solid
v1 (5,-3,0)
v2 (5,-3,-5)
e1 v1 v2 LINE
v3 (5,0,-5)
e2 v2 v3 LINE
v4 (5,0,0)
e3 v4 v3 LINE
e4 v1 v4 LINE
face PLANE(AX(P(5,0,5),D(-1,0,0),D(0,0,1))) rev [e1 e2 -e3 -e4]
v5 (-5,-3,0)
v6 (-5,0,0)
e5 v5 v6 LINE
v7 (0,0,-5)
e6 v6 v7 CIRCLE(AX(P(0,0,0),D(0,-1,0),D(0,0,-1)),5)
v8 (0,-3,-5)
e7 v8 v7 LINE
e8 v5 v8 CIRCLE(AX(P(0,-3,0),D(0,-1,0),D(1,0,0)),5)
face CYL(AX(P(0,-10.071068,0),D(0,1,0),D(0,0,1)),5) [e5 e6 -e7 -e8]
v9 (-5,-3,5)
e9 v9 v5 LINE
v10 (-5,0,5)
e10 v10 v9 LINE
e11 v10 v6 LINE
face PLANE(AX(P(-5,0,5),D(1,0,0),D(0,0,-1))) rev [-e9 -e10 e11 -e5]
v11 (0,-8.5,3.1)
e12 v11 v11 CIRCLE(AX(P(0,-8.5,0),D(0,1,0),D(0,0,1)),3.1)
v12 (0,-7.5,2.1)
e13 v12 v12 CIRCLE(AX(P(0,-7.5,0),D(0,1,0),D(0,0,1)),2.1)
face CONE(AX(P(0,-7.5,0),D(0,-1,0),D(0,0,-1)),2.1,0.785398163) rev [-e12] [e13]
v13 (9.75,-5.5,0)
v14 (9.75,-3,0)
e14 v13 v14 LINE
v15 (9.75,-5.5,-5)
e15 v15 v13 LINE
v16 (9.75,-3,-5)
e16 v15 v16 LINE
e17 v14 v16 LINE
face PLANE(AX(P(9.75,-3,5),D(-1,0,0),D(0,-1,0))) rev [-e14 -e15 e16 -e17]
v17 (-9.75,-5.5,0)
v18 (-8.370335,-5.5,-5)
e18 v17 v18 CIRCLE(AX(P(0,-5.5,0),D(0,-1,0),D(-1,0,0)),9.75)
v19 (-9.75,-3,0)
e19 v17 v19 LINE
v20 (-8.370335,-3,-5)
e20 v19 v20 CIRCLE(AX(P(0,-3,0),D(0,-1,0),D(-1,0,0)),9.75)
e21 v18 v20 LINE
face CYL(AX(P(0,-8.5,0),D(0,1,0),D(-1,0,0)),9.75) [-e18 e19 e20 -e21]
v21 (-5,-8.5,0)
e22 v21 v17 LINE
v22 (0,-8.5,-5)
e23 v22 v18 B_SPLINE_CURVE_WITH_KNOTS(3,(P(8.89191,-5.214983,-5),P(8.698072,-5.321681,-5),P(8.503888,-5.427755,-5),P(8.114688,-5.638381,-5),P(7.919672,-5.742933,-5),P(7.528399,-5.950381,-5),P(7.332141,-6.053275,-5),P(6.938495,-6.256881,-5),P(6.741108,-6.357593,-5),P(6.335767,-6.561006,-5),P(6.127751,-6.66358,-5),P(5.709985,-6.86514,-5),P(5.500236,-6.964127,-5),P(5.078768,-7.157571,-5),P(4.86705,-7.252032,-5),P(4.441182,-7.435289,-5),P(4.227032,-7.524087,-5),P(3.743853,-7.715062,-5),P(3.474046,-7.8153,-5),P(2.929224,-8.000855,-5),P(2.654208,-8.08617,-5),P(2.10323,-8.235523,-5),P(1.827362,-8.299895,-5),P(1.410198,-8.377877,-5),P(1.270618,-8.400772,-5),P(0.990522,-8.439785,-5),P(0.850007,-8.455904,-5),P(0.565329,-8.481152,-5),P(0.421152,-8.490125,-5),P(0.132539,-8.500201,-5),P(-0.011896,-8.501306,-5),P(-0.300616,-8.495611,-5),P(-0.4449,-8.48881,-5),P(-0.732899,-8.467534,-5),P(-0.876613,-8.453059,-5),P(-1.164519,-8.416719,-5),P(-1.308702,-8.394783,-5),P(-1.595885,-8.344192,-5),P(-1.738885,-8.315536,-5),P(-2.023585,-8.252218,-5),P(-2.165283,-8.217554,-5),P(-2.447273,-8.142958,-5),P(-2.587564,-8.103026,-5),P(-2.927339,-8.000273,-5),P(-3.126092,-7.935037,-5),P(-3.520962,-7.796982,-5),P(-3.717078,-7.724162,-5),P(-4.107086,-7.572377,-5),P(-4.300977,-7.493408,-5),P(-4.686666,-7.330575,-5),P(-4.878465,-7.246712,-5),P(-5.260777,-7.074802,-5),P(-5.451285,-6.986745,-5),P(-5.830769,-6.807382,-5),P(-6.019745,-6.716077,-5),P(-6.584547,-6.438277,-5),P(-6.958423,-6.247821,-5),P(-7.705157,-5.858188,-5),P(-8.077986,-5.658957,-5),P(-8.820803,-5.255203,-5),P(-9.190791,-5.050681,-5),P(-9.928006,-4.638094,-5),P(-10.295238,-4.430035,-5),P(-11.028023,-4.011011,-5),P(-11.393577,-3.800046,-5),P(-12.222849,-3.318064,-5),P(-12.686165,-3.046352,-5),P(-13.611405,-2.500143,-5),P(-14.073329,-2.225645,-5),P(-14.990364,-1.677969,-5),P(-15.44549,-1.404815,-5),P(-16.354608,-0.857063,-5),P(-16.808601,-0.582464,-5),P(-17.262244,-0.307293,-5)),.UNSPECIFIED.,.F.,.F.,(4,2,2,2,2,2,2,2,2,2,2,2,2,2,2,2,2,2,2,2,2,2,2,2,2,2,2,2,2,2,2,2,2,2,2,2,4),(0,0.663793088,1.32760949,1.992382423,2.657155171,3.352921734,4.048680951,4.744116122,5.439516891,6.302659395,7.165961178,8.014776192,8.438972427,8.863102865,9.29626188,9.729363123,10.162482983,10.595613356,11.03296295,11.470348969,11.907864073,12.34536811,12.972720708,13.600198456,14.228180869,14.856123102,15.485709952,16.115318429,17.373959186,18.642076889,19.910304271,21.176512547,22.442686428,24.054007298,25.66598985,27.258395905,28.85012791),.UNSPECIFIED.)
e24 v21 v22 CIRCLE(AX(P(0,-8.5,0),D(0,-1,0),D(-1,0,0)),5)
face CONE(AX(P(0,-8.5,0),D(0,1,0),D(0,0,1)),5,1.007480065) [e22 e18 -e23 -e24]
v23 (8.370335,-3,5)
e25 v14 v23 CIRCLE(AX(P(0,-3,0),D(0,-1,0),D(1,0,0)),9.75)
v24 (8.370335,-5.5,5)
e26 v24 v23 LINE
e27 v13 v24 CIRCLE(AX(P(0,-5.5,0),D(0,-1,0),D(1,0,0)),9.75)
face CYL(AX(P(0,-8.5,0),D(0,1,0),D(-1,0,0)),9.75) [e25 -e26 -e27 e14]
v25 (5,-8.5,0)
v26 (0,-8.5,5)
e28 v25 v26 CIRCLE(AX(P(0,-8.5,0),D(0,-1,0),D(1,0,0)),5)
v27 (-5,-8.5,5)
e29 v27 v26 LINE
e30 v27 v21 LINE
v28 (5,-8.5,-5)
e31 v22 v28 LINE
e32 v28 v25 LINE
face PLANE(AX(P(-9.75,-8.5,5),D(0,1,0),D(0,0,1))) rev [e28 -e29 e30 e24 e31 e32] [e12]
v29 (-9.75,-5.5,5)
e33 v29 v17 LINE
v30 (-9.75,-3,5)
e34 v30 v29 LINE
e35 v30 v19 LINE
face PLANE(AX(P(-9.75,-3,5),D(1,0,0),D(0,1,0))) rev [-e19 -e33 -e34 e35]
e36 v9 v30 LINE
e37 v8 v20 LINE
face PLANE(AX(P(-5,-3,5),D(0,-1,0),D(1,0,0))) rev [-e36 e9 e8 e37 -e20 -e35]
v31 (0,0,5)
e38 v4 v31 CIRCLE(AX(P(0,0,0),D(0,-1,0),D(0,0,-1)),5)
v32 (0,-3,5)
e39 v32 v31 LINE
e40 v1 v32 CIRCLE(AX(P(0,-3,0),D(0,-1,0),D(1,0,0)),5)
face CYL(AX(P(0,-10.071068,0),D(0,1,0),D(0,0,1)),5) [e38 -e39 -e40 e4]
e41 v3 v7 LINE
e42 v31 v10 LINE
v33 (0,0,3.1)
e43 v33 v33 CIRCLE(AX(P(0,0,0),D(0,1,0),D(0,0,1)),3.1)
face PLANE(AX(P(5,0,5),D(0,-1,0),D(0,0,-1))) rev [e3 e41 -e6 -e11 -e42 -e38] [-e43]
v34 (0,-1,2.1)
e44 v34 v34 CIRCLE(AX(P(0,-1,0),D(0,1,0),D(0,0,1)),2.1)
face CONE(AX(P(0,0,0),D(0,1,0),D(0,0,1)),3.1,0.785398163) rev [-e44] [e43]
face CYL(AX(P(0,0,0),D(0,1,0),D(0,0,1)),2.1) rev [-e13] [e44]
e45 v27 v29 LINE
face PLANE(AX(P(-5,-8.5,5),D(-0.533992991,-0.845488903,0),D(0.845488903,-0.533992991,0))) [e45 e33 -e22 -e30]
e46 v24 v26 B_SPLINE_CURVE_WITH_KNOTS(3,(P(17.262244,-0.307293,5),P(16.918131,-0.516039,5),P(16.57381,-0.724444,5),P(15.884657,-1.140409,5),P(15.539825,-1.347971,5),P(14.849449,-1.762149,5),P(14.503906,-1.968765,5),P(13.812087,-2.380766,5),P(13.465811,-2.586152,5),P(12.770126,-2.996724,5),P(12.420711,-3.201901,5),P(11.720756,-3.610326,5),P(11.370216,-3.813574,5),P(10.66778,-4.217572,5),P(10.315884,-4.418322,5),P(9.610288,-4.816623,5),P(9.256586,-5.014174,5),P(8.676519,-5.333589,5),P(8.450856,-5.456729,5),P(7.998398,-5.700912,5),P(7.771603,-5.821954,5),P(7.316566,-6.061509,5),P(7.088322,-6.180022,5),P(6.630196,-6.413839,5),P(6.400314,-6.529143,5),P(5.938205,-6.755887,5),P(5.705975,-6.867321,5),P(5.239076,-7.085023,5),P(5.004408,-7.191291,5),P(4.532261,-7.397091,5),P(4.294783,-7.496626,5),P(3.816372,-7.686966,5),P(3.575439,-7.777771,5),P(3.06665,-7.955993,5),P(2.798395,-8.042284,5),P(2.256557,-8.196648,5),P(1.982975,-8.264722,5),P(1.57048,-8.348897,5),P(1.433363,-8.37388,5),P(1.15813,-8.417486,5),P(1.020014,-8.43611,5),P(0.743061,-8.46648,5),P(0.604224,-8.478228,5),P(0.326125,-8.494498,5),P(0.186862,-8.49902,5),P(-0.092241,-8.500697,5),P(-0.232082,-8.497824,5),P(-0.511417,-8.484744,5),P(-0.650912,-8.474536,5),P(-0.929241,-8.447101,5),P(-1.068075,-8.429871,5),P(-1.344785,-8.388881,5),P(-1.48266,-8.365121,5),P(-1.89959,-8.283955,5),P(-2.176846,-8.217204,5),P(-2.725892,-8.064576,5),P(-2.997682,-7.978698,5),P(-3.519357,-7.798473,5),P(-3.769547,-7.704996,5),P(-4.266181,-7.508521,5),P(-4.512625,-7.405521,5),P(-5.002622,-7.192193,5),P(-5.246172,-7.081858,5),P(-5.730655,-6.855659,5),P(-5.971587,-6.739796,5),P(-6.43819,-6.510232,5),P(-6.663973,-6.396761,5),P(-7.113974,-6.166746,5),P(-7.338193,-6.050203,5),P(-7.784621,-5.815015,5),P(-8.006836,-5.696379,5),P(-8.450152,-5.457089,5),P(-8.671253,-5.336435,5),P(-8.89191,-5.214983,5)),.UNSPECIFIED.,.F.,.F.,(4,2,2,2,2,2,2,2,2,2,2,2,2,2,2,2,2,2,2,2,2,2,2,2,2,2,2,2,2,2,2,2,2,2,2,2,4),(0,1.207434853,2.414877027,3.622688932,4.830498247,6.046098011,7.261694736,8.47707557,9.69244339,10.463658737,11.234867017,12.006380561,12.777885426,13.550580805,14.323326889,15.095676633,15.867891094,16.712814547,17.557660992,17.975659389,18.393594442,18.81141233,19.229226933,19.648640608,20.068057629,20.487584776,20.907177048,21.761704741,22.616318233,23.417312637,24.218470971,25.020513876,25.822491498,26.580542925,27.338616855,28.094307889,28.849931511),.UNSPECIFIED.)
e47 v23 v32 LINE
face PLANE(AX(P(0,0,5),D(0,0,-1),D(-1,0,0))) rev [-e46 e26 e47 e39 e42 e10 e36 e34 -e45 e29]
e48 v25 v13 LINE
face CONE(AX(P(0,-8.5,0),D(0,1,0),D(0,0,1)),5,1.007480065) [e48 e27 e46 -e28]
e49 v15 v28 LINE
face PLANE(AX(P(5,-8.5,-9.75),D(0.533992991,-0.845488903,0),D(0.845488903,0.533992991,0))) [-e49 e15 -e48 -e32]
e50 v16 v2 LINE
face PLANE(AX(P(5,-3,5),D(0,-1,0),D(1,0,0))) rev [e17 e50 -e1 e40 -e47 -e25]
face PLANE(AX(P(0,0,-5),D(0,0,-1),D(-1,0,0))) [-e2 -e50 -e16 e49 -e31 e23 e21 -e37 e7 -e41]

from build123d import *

# Parameters (mm, degrees)
EXTRUDE_1_DEPTH     = 5
CUT_EXTRUDE_1_DEPTH = 3
CUT_EXTRUDE_2_DEPTH = 6.5


with BuildPart() as part:
    # Эскиз1 → Бобышка-Вытянуть1 (new body, symmetric)
    with BuildSketch(Plane.XY):
        Polygon((5, 0), (-5, 0), (-5, -3), (-9.75, -3), (-9.75, -8.5), (9.75, -8.5), (9.75, -3), (5, -3), align=None)
    extrude(amount=EXTRUDE_1_DEPTH, both=True)

    # Эскиз3 → Отверстие обработанное метчиком M51 (revolve, cut)
    with BuildSketch(Plane(origin=(0, 0, 0), x_dir=(0, 0, 1), z_dir=(1, 0, 0))):
        Polygon((0, 0), (0, 8.5), (3.1, 8.5), (2.1, 7.5), (2.1, 1), (3.1, 0), align=None)
    revolve(axis=Axis((0, 6.35, 0), (0, -1, 0)), mode=Mode.SUBTRACT)

    # Эскиз4 → Вырез-Вытянуть1 (cut)
    with BuildSketch(Plane(origin=(0, 0, 0), x_dir=(1, 0, 0), z_dir=(0, 1, 0))):
        with BuildLine():
            Line((-5, 5), (-5, 0))
            ThreePointArc((-5, 0), (-3.535533906, 3.535533906), (0, 5))
            Line((0, 5), (-5, 5))
        make_face()
        with BuildLine():
            Line((0, -5), (5, -5))
            Line((5, -5), (5, 0))
            ThreePointArc((5, 0), (3.535533906, -3.535533906), (0, -5))
        make_face()
    extrude(amount=-CUT_EXTRUDE_1_DEPTH, mode=Mode.SUBTRACT)

    # Эскиз5 → Вырез-Вытянуть2 (cut, through all)
    with BuildSketch(Plane(origin=(0, -3, 0), x_dir=(1, 0, 0), z_dir=(0, 1, 0))):
        with BuildLine():
            Line((-9.75, 0), (-9.75, 5))
            Line((-9.75, 5), (-8.370334521, 5))
            ThreePointArc((-8.370334521, 5), (-9.398756875, 2.59342808), (-9.75, 0))
        make_face()
        with BuildLine():
            Line((9.75, 0), (9.75, -5))
            Line((9.75, -5), (8.370334521, -5))
            ThreePointArc((8.370334521, -5), (9.398756875, -2.59342808), (9.75, 0))
        make_face()
    extrude(amount=-CUT_EXTRUDE_2_DEPTH, mode=Mode.SUBTRACT)

    # Вырез-По траектории1: sweep along a path in Эскиз7
    with BuildLine(Plane.XZ.offset(8.5)) as sweep_1_path:
        Line((0, 9.75), (-9.75, 9.75))
        Line((-9.75, 9.75), (-9.75, 0))
        ThreePointArc((-9.75, 0), (-6.894291117, -6.894291117), (0, -9.75))
        Line((0, -9.75), (9.75, -9.75))
        Line((9.75, -9.75), (9.75, 0))
        ThreePointArc((9.75, 0), (6.894291117, 6.894291117), (0, 9.75))
    # Эскиз6 → Вырез-По траектории1 (sweep, cut)
    with BuildSketch(Plane.XY.offset(5)):
        Polygon((-9.75, -5.5), (-9.75, -8.5), (-5, -8.5), align=None)
    sweep(path=sweep_1_path.line, transition=Transition.RIGHT, mode=Mode.SUBTRACT)


solid = part.part
